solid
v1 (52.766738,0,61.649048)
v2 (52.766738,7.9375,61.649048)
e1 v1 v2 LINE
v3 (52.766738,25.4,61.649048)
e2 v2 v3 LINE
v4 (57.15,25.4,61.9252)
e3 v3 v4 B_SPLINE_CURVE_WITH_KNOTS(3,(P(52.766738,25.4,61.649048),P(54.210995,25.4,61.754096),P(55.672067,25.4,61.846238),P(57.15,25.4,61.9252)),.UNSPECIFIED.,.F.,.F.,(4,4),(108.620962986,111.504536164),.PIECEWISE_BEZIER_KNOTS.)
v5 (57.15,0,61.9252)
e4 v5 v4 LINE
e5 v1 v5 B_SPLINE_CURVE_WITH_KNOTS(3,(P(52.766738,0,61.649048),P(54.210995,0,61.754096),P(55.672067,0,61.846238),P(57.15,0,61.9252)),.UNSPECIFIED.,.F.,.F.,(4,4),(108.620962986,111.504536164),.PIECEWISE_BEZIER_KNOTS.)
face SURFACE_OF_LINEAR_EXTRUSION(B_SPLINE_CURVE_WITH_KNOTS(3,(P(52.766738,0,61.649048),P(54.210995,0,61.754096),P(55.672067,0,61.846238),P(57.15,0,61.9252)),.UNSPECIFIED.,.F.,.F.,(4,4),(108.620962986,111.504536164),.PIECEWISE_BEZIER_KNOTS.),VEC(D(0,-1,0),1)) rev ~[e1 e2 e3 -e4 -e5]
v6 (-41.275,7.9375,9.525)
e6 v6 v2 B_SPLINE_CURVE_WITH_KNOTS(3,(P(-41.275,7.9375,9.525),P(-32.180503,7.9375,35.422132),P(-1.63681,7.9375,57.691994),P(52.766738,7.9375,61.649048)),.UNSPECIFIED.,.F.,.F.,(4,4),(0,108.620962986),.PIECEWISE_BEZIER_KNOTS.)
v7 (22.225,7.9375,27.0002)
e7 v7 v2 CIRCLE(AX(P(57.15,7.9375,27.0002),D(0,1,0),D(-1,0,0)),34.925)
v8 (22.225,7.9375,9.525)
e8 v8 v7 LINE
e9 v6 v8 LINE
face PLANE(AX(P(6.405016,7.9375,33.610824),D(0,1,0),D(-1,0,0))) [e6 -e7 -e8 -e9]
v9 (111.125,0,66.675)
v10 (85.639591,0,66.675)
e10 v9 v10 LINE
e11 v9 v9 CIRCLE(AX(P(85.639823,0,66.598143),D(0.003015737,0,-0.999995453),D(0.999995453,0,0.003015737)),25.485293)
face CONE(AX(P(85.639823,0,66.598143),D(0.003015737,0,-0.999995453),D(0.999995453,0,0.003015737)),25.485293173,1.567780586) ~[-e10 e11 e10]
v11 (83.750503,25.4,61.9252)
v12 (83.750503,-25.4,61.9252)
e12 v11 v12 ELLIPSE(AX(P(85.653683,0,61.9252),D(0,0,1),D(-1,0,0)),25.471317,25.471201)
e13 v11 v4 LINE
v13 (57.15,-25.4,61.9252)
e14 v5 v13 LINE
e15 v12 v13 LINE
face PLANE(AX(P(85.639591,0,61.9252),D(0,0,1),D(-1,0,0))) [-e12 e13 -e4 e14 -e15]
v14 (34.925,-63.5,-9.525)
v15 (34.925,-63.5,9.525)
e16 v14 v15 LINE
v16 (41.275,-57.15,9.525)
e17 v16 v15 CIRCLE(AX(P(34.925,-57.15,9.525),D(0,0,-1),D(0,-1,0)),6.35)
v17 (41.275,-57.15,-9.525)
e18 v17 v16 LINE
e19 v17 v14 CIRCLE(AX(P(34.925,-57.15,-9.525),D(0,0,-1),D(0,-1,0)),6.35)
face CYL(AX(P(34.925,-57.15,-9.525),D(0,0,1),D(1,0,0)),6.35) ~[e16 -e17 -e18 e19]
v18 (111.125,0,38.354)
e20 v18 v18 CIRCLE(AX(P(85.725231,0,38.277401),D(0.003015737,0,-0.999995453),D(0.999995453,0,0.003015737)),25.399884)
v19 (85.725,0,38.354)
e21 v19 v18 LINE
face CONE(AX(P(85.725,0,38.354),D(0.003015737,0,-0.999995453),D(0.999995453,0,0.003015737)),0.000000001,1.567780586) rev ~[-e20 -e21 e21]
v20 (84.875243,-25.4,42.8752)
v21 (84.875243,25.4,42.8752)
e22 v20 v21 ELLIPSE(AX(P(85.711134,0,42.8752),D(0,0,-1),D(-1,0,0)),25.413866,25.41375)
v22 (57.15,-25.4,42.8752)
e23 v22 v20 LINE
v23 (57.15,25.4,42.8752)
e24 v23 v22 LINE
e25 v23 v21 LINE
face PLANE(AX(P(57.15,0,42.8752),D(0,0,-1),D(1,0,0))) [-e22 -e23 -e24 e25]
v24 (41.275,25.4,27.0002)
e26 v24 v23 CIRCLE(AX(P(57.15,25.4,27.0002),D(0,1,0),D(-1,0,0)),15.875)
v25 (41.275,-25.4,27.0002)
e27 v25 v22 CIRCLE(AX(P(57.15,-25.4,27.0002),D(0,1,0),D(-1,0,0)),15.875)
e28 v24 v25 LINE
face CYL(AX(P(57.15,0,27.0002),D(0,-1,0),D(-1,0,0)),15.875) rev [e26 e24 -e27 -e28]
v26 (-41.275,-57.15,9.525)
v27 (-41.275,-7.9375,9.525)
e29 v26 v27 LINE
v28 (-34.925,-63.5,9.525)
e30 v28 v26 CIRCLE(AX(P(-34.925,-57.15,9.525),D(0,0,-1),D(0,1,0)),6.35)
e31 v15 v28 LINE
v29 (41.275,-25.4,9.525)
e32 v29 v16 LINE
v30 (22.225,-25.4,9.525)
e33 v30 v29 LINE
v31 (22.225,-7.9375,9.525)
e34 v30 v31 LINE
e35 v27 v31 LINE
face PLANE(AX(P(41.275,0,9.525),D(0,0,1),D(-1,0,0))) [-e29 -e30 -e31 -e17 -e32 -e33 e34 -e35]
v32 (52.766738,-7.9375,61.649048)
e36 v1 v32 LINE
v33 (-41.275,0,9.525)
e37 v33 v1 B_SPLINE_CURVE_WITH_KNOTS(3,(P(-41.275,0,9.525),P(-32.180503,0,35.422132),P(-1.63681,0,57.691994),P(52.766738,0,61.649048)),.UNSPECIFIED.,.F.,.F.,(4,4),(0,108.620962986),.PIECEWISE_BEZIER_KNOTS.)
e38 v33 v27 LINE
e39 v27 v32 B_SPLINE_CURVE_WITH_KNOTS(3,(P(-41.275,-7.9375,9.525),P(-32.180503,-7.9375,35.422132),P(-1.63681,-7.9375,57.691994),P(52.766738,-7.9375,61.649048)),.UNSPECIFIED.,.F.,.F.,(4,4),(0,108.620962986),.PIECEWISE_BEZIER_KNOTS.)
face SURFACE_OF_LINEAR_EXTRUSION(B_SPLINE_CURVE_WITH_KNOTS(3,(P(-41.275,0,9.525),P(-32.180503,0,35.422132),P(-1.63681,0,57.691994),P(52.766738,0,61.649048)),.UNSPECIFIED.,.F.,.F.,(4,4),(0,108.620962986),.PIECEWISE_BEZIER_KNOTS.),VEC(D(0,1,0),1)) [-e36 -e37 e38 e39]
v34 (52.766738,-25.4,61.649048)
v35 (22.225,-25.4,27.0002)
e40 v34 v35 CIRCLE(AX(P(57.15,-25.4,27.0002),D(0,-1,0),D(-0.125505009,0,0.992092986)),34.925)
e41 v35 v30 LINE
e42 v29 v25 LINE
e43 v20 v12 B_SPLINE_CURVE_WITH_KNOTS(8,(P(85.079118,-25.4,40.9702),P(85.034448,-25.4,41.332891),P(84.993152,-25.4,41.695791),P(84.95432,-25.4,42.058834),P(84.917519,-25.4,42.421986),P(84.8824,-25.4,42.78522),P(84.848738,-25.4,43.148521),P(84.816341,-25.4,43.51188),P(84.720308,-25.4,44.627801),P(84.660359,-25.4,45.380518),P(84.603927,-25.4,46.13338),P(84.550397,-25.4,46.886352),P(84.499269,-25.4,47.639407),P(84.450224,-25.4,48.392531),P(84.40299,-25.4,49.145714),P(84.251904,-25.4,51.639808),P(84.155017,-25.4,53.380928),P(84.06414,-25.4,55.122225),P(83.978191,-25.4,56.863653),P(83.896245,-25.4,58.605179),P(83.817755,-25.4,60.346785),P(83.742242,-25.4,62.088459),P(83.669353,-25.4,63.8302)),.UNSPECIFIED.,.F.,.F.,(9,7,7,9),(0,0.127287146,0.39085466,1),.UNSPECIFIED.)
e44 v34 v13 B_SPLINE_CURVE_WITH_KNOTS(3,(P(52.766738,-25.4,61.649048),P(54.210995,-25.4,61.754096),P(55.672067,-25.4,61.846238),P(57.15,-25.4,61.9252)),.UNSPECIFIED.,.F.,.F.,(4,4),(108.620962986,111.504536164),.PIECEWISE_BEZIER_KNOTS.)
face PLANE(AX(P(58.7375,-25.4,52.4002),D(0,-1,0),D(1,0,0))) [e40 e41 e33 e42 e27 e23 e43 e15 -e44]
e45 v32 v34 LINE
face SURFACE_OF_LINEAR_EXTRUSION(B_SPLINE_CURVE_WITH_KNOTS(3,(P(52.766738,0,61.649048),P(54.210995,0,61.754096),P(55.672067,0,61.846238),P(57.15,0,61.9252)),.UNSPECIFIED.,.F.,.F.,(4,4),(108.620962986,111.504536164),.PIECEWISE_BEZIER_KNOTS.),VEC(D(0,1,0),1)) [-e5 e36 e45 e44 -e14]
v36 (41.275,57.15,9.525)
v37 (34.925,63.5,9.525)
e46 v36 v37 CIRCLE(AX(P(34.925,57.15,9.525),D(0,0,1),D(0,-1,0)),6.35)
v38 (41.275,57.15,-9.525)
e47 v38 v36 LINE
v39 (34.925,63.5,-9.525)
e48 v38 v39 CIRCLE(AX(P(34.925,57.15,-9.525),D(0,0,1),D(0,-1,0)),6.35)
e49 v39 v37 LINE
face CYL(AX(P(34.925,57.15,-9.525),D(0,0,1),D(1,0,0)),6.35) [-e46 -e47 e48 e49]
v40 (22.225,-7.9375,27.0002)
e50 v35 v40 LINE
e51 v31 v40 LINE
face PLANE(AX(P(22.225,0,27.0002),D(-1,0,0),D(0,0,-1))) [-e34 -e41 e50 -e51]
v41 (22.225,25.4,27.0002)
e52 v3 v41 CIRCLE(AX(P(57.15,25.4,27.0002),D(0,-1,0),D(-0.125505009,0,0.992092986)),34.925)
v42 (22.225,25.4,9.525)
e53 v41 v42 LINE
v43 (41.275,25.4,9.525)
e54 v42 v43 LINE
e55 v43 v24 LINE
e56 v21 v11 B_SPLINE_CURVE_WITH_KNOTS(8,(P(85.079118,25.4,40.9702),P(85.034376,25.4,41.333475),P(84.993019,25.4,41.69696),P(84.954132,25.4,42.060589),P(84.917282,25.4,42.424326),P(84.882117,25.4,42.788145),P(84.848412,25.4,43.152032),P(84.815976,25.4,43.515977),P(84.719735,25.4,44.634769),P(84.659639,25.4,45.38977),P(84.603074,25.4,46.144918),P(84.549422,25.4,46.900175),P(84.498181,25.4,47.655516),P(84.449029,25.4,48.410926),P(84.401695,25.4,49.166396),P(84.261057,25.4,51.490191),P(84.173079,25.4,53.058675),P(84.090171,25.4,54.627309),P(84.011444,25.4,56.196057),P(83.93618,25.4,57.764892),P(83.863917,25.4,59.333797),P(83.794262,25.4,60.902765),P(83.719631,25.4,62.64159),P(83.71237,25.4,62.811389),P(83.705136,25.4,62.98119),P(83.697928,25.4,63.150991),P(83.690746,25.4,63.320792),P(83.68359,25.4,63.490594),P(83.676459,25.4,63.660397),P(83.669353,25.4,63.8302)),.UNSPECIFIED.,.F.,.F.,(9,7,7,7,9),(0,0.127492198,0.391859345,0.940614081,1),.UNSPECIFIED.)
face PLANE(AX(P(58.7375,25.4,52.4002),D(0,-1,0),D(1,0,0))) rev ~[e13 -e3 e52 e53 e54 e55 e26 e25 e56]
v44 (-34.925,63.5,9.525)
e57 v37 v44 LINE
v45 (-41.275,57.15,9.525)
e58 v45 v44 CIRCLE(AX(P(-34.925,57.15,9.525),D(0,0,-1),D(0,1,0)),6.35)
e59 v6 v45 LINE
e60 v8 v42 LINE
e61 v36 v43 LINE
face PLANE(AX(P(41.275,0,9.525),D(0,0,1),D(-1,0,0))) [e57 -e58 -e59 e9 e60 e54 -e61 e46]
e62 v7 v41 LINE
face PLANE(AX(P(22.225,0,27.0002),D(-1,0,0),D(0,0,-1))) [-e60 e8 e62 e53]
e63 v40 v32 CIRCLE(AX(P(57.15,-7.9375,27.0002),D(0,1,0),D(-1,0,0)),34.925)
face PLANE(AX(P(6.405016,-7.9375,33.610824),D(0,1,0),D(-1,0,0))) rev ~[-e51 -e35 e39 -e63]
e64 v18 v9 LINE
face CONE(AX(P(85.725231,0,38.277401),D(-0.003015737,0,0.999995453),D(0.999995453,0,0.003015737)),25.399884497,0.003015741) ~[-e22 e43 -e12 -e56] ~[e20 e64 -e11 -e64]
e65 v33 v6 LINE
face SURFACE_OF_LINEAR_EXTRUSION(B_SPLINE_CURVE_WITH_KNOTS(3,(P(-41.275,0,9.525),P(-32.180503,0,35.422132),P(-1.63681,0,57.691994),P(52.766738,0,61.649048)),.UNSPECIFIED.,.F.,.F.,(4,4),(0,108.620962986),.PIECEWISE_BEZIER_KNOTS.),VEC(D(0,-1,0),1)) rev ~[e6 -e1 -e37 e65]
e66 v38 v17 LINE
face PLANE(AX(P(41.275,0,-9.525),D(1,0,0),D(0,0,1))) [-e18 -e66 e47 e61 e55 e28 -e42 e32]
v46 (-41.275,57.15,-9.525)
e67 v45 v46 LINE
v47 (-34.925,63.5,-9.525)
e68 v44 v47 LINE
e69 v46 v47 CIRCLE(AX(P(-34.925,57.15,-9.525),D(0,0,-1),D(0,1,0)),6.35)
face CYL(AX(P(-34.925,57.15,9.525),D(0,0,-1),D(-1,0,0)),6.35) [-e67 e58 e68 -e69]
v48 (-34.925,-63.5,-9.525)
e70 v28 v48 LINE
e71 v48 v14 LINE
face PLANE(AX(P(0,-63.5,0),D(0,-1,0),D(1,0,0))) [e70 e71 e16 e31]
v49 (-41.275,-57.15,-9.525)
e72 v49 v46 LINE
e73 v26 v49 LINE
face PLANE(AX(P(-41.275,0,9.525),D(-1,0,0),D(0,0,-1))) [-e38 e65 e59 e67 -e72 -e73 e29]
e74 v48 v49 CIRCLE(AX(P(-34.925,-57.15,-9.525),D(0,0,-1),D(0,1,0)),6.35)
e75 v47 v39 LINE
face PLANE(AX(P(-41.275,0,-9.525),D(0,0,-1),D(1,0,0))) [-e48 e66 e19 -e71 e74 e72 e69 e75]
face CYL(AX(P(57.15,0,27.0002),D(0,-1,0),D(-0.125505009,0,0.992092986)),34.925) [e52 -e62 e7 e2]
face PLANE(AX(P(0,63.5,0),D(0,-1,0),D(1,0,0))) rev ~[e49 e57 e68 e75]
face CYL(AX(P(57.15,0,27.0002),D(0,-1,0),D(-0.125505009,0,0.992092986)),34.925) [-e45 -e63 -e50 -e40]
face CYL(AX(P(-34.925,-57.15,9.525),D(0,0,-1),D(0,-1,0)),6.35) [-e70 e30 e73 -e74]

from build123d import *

# Parameters (mm, degrees)
F1_DEPTH = 63.5
F2_DEPTH = 25.4
F3_DEPTH = 7.9375
F0_W     = 3.175
F0_H     = 19.05
F0_W_2   = 25.3145909364
F5_DEPTH = 25.4
F7_R     = 6.35


with BuildPart() as f1:
    # F0 (on Front) → F1 (new body, symmetric)
    with BuildSketch(Plane.XZ):
        Polygon((-41.275, -9.525), (41.275, -9.525), (41.275, 9.525), (22.225, 9.525), (-41.275, 9.525), align=None)
    extrude(amount=F1_DEPTH, both=True)

    # F0 (on Front) → F2 (join, symmetric)
    with BuildSketch(Plane.XZ):
        with BuildLine():
            Line((22.225, 9.525), (41.275, 9.525))
            Line((41.275, 9.525), (41.275, 27.0002))
            ThreePointArc((41.275, 27.0002), (45.9246798487, 38.2255201513), (57.15, 42.8752))
            Line((57.15, 42.8752), (57.15, 61.9252))
            add(Edge.make_bspline(
                [(52.766737565, 61.6490475339), (54.2109947937, 61.7540958796), (55.6720672383, 61.8462382858), (57.15, 61.9252)],
                knots=[108.6209629864, 108.6209629864, 108.6209629864, 108.6209629864, 111.5045361635, 111.5045361635, 111.5045361635, 111.5045361635], degree=3))
            ThreePointArc((52.766737565, 61.6490475339), (30.9503715146, 50.0942488488), (22.225, 27.0002))
            Line((22.225, 27.0002), (22.225, 9.525))
        make_face()
    extrude(amount=F2_DEPTH, both=True)

    # F0 (on Front) → F3 (join, symmetric)
    with BuildSketch(Plane.XZ):
        with BuildLine():
            add(Edge.make_bspline(
                [(-41.275, 9.525), (-32.1805033195, 35.4221321522), (-1.6368101652, 57.6919943344), (52.766737565, 61.6490475339)],
                knots=[0, 0, 0, 0, 108.6209629864, 108.6209629864, 108.6209629864, 108.6209629864], degree=3))
            Line((-41.275, 9.525), (22.225, 9.525))
            Line((22.225, 9.525), (22.225, 27.0002))
            ThreePointArc((22.225, 27.0002), (30.9503715146, 50.0942488488), (52.766737565, 61.6490475339))
        make_face()
    extrude(amount=F3_DEPTH, both=True)



with BuildPart() as f4:
    # F0 (on Front) → F4 (revolve)
    with BuildSketch(Plane.XZ):
        Polygon((85.6395909364, 66.675), (85.725, 38.354), (111.125, 38.354), (111.125, 66.675), align=None)
    revolve(axis=Axis((85.6822954682, 0, 52.5145), (0.0030157366, 0, -0.9999954527)))


with BuildPart() as f1_1:
    add(f1.part)

    add(f4.part)  # F5 merges F4
    # F0 (on Front) → F5 (join, symmetric)
    with BuildSketch(Plane.XZ):
        with Locations((58.7375, 52.4002)):
            Rectangle(F0_W, F0_H)
        with Locations((72.9822954682, 52.4002)):
            Rectangle(F0_W_2, F0_H)
    extrude(amount=F5_DEPTH, both=True)

    # F0 (on Front) → F6 (revolve)
    with BuildSketch(Plane.XZ):
        Polygon((85.6395909364, 66.675), (85.725, 38.354), (111.125, 38.354), (111.125, 66.675), align=None)
    revolve(axis=Axis((85.6822954682, 0, 52.5145), (0.0030157366, 0, -0.9999954527)))

    # F7
    f7_edges = [f1_1.edges().sort_by_distance(p)[0] for p in [
        (-41.275, -63.5, 0),
        (41.275, -63.5, 0),
        (41.275, 63.5, 0),
        (-41.275, 63.5, 0),
    ]]
    fillet(f7_edges, radius=F7_R)


solid = f1_1.part
